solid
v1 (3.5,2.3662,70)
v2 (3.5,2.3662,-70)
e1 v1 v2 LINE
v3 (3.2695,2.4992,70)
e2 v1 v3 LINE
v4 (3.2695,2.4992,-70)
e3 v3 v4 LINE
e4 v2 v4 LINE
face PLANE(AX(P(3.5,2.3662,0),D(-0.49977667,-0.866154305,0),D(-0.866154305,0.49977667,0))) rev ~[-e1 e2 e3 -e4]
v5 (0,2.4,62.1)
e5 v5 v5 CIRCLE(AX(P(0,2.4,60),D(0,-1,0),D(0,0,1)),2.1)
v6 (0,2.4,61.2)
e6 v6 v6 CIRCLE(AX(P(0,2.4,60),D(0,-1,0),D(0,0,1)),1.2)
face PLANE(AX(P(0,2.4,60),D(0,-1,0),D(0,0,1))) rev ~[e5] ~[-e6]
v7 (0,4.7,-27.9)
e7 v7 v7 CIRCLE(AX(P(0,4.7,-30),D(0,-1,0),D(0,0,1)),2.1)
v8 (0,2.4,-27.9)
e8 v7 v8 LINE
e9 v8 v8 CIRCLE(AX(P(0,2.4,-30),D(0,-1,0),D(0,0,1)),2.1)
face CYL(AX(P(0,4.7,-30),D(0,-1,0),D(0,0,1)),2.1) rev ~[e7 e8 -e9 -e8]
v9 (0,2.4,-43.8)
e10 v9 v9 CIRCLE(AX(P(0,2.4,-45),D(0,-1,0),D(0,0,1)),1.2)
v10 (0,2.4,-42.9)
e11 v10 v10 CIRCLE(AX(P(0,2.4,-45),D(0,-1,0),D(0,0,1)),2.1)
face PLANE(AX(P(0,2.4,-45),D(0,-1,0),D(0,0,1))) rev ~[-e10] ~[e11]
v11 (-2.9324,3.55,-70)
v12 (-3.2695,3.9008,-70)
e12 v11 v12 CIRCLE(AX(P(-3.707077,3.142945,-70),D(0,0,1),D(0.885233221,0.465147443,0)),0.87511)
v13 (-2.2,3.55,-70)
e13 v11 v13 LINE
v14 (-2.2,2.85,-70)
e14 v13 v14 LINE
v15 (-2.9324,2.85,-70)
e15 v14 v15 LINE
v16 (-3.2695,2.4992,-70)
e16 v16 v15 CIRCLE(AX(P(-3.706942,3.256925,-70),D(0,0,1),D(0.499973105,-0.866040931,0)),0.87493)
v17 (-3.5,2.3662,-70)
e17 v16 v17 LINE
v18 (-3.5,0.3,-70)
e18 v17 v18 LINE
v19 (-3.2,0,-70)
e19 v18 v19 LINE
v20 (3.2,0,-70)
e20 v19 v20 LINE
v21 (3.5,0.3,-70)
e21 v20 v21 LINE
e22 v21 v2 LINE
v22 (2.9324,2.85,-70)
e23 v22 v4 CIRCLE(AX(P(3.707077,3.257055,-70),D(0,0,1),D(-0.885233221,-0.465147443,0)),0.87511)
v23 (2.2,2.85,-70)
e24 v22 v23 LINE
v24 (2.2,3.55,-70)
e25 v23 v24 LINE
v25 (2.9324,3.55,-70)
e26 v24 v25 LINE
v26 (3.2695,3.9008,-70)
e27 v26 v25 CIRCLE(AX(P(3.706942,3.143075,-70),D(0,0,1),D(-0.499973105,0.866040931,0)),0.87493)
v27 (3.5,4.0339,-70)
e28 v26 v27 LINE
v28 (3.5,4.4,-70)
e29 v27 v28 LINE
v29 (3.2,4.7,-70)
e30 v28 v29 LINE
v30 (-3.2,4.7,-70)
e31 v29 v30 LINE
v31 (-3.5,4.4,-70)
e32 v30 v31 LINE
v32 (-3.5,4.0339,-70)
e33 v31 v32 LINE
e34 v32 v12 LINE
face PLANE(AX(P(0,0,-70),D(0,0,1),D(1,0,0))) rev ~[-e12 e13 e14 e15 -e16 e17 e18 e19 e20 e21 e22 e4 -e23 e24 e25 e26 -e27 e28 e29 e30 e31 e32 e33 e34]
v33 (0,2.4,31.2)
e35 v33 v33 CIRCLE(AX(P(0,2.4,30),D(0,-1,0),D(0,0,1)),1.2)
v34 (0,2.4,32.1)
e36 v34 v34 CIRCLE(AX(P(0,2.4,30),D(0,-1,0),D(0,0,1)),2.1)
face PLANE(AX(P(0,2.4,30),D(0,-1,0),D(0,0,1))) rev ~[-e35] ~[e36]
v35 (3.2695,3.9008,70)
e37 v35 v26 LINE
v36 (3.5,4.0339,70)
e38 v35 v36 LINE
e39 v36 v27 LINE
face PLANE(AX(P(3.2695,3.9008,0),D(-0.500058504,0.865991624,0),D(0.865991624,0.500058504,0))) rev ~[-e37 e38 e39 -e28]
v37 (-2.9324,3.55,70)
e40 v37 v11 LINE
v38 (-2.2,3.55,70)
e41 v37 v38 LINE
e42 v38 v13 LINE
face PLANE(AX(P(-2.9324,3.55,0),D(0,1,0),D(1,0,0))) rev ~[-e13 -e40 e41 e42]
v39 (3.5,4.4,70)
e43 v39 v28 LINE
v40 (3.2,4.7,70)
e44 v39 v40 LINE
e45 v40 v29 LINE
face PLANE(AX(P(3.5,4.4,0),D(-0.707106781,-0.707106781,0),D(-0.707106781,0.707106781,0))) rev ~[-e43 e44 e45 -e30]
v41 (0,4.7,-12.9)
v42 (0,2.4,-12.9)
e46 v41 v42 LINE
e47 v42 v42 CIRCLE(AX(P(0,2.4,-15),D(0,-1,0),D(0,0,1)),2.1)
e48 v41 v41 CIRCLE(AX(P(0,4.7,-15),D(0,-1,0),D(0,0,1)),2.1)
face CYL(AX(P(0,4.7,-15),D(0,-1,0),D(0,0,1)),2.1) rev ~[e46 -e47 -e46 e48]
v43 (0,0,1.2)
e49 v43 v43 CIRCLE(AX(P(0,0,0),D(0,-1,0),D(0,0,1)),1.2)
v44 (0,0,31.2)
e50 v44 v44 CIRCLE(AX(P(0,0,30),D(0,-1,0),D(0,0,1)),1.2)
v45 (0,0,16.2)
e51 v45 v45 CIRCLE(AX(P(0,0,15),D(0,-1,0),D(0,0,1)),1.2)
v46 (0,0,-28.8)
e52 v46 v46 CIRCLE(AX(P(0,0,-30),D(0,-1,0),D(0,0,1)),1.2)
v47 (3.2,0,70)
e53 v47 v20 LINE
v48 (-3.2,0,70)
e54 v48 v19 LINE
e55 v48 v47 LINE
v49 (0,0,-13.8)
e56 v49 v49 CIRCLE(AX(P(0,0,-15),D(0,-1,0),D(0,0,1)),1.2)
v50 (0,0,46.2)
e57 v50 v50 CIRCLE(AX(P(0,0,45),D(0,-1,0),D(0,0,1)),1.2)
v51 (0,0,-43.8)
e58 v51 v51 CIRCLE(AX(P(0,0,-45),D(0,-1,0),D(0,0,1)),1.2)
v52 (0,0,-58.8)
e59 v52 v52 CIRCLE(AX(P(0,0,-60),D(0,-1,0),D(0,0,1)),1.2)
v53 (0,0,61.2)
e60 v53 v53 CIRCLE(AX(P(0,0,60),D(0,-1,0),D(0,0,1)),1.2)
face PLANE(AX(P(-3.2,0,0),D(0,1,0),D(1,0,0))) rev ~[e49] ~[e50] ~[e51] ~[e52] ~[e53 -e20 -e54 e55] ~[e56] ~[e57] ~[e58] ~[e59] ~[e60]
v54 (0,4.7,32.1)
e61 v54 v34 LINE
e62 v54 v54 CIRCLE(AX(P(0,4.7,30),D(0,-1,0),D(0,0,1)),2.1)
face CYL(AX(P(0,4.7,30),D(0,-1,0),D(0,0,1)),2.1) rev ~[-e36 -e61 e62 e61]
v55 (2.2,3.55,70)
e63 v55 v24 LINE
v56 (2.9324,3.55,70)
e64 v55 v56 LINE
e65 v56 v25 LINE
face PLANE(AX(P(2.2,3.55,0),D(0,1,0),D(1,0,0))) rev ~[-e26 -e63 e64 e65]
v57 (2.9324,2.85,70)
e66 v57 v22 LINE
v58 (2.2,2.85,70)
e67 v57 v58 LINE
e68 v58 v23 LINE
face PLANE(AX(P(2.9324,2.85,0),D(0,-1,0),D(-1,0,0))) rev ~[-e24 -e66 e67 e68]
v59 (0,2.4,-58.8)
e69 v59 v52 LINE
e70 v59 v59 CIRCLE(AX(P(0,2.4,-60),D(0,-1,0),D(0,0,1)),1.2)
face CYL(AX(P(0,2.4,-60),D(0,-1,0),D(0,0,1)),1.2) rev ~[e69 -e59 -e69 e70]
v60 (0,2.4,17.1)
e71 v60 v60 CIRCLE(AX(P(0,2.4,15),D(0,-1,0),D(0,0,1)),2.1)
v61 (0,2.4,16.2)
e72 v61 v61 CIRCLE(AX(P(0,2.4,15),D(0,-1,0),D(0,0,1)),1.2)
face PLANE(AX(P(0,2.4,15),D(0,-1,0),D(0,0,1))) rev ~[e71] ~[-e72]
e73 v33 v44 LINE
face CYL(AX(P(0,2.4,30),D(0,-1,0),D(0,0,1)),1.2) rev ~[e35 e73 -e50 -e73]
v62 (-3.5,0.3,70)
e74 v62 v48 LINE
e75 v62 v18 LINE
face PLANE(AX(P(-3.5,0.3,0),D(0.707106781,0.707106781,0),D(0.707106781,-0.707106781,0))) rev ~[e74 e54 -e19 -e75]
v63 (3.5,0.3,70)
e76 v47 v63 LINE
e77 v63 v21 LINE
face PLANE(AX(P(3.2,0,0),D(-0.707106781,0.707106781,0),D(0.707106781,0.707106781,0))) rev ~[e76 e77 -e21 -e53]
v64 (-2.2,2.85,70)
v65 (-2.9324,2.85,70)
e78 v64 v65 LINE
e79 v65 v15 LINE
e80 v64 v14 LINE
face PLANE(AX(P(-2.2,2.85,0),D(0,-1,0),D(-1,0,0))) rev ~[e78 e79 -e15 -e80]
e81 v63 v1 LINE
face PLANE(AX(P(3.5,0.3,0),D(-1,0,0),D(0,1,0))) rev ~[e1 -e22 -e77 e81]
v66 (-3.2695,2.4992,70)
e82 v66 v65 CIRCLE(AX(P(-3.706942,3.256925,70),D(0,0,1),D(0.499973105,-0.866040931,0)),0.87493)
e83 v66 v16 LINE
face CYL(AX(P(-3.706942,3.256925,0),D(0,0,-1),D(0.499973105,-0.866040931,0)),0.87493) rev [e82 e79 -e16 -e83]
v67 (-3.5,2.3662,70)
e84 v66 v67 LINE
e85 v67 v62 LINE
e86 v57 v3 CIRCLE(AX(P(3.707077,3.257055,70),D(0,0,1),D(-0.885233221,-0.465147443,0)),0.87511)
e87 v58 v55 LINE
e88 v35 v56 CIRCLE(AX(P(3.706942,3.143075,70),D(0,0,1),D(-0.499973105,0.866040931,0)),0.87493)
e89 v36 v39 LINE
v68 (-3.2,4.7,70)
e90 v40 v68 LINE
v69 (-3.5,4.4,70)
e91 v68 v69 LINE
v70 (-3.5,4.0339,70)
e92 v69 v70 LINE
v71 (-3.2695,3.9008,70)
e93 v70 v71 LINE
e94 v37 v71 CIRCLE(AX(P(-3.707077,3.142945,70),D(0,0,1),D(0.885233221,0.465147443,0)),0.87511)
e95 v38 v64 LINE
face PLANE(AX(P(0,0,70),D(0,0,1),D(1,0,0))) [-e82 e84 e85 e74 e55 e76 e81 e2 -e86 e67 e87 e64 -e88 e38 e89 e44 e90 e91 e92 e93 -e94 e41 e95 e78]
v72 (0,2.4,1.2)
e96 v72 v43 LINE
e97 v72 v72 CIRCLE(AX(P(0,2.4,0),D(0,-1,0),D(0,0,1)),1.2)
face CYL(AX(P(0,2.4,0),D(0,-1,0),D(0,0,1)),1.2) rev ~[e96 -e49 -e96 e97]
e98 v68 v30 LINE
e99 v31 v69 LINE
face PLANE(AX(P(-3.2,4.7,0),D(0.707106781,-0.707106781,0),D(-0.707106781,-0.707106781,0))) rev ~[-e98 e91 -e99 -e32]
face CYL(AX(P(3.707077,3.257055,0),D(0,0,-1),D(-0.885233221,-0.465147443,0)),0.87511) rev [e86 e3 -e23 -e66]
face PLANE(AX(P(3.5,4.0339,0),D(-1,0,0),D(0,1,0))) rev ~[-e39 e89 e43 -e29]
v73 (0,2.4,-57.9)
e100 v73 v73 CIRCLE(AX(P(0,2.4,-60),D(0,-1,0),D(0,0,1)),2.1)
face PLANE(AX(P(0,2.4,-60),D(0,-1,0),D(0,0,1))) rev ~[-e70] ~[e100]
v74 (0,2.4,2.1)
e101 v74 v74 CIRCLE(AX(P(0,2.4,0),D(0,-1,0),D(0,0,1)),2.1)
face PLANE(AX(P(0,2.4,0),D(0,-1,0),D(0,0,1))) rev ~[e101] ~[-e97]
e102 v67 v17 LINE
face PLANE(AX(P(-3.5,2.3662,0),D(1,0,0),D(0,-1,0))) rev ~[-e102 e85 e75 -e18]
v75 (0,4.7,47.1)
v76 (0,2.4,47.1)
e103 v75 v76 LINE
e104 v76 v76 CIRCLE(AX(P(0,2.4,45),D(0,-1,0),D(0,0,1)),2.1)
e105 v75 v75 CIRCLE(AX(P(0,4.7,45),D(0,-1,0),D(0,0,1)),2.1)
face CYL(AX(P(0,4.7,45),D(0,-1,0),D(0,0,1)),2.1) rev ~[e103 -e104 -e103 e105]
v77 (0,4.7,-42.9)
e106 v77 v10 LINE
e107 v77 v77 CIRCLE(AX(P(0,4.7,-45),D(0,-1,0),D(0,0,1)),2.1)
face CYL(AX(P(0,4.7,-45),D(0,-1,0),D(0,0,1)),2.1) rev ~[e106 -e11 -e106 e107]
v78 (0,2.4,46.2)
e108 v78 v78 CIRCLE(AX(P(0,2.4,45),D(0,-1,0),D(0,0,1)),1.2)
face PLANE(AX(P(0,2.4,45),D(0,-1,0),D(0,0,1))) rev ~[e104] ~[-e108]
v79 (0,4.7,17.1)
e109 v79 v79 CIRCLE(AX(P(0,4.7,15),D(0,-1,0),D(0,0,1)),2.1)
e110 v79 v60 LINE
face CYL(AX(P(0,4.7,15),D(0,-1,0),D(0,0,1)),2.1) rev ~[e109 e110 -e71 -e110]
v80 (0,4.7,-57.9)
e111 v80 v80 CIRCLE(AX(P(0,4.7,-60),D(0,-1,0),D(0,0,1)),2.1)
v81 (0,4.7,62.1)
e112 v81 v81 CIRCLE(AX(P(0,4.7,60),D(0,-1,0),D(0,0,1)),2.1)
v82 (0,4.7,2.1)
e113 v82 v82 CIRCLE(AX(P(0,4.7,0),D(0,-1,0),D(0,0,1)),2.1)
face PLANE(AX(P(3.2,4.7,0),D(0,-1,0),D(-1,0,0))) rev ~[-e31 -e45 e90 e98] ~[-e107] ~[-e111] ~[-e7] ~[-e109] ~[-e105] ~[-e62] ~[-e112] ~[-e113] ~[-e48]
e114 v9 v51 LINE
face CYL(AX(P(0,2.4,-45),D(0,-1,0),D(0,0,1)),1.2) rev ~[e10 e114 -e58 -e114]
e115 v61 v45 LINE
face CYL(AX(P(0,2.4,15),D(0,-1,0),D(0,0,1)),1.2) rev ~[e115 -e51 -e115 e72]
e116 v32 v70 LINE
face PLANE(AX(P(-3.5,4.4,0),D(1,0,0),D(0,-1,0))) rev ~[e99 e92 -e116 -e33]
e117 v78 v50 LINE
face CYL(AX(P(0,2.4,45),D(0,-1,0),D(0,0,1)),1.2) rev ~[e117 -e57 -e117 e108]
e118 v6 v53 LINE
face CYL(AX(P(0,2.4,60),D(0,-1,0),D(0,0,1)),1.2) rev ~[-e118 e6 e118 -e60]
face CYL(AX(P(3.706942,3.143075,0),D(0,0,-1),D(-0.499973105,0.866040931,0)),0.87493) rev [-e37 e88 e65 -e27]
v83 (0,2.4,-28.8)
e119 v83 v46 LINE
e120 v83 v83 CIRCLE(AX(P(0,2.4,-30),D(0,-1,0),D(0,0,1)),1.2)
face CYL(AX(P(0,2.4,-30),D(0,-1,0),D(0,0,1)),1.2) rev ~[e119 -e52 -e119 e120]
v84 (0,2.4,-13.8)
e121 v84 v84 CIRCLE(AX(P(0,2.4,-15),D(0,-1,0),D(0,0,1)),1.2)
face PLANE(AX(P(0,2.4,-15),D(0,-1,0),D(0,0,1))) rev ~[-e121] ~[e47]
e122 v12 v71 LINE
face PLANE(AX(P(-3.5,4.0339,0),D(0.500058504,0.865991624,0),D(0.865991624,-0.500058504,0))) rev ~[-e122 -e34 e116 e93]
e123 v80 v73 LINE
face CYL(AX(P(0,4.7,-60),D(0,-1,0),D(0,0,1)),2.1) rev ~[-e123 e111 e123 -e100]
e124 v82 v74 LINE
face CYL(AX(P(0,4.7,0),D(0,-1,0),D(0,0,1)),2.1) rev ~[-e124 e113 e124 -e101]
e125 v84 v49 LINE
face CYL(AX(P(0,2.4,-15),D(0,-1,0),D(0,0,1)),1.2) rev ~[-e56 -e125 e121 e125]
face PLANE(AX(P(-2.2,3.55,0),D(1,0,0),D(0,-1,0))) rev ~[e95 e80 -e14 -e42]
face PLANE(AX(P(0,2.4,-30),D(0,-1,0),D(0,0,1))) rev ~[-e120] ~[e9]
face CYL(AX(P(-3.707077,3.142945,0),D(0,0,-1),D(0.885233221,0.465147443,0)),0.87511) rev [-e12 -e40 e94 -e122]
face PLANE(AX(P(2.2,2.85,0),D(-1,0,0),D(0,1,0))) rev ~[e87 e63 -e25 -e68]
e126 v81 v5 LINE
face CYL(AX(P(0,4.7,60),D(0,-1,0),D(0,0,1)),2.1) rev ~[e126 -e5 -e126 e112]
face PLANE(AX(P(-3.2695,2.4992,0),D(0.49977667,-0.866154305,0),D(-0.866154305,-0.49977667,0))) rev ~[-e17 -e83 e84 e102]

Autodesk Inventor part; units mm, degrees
sketch "Sketch_12" plane through (0, 0, 0) normal (0, 0, 1) x (1, 0, 0)
  line L0 (-3.5, 4.4) -> (-3.5, 4.0339)
  line L1 (-3.5, 4.0339) -> (-3.2695, 3.9008)
  arc A0 (-2.9324, 3.55) -> (-3.2695, 3.9008) centre (-3.707, 3.143) ccw
  line L2 (-2.9324, 3.55) -> (-2.2, 3.55)
  line L3 (-2.2, 3.55) -> (-2.2, 2.85)
  line L4 (-2.2, 2.85) -> (-2.9324, 2.85)
  arc A1 (-3.2695, 2.4992) -> (-2.9324, 2.85) centre (-3.707, 3.257) ccw
  line L5 (-3.2695, 2.4992) -> (-3.5, 2.3662)
  line L6 (-3.5, 2.3662) -> (-3.5, 0.3)
  line L7 (-3.5, 0.3) -> (-3.2, 0)
  line L8 (-3.2, 0) -> (3.2, 0)
  line L9 (3.2, 0) -> (3.5, 0.3)
  line L10 (3.5, 0.3) -> (3.5, 2.3662)
  line L11 (3.5, 2.3662) -> (3.2695, 2.4992)
  arc A2 (2.9324, 2.85) -> (3.2695, 2.4992) centre (3.707, 3.257) ccw
  line L12 (2.9324, 2.85) -> (2.2, 2.85)
  line L13 (2.2, 2.85) -> (2.2, 3.55)
  line L14 (2.2, 3.55) -> (2.9324, 3.55)
  arc A3 (3.2695, 3.9008) -> (2.9324, 3.55) centre (3.707, 3.143) ccw
  line L15 (3.2695, 3.9008) -> (3.5, 4.0339)
  line L16 (3.5, 4.0339) -> (3.5, 4.4)
  line L17 (3.5, 4.4) -> (3.2, 4.7)
  line L18 (3.2, 4.7) -> (-3.2, 4.7)
  line L19 (-3.2, 4.7) -> (-3.5, 4.4)
extrude "Extrusion1" add sketch "Sketch_12" along normal mid plane 140
sketch "Sketch2" plane through (-3.2, 4.7, 70) normal (0, 1, 0) x (1, 0, 0)
  point P0 (3.2, 130)
hole "Hole1" at (0, 4.7, -60) direction (0, -1, 0) diameter 2.4 depth 4.7 counterbore diameter 4.2 counterbore depth 2.3
pattern_linear "Rectangular Pattern1" count 9 spacing 15 along (0, 0, 1) of "Hole1"
ref_plane "to_block_XY" through (0, 4.7, 35) normal (0, 0, -1) x (1, 0, 0)
ref_plane "to_block_YZ" through (0, 4.7, 35) normal (1, 0, 0) x (0, -1, 0)
ref_plane "to_block_ZX" through (0, 4.7, 35) normal (0, -1, 0) x (0, 0, -1)
ref_plane "to_block_2_XY" through (0, 4.7, -35) normal (0, 0, -1) x (1, 0, 0)
ref_plane "to_block_2_YZ" through (0, 4.7, -35) normal (1, 0, 0) x (0, -1, 0)
ref_plane "to_block_2_ZX" through (0, 4.7, -35) normal (0, -1, 0) x (0, 0, -1)
ref_plane "to_bolt_1_XY" through (0, 2.4, 60) normal (0, 1, 0) x (1, 0, 0)
ref_plane "to_bolt_1_YZ" through (0, 2.4, 60) normal (1, 0, 0) x (0, 0, -1)
ref_plane "to_bolt_1_ZX" through (0, 2.4, 60) normal (0, 0, -1) x (0, 1, 0)
ref_plane "to_bolt_2_XY" through (0, 2.4, 45) normal (0, 1, 0) x (1, 0, 0)
ref_plane "to_bolt_2_YZ" through (0, 2.4, 45) normal (1, 0, 0) x (0, 0, -1)
ref_plane "to_bolt_2_ZX" through (0, 2.4, 45) normal (0, 0, -1) x (0, 1, 0)
ref_plane "to_bolt_3_XY" through (0, 2.4, 30) normal (0, 1, 0) x (1, 0, 0)
ref_plane "to_bolt_3_YZ" through (0, 2.4, 30) normal (1, 0, 0) x (0, 0, -1)
ref_plane "to_bolt_3_ZX" through (0, 2.4, 30) normal (0, 0, -1) x (0, 1, 0)
ref_plane "to_bolt_4_XY" through (0, 2.4, 15) normal (0, 1, 0) x (1, 0, 0)
ref_plane "to_bolt_4_YZ" through (0, 2.4, 15) normal (1, 0, 0) x (0, 0, -1)
ref_plane "to_bolt_4_ZX" through (0, 2.4, 15) normal (0, 0, -1) x (0, 1, 0)
ref_plane "to_bolt_5_XY" through (0, 2.4, 0) normal (0, 1, 0) x (1, 0, 0)
ref_plane "to_bolt_5_YZ" through (0, 2.4, 0) normal (1, 0, 0) x (0, 0, -1)
ref_plane "to_bolt_5_ZX" through (0, 2.4, 0) normal (0, 0, -1) x (0, 1, 0)
ref_plane "to_bolt_6_XY" through (0, 2.4, -15) normal (0, 1, 0) x (1, 0, 0)
ref_plane "to_bolt_6_YZ" through (0, 2.4, -15) normal (1, 0, 0) x (0, 0, -1)
ref_plane "to_bolt_6_ZX" through (0, 2.4, -15) normal (0, 0, -1) x (0, 1, 0)
ref_plane "to_bolt_7_XY" through (0, 2.4, -30) normal (0, 1, 0) x (1, 0, 0)
ref_plane "to_bolt_7_YZ" through (0, 2.4, -30) normal (1, 0, 0) x (0, 0, -1)
ref_plane "to_bolt_7_ZX" through (0, 2.4, -30) normal (0, 0, -1) x (0, 1, 0)
ref_plane "to_bolt_8_XY" through (0, 2.4, -45) normal (0, 1, 0) x (1, 0, 0)
ref_plane "to_bolt_8_YZ" through (0, 2.4, -45) normal (1, 0, 0) x (0, 0, -1)
ref_plane "to_bolt_8_ZX" through (0, 2.4, -45) normal (0, 0, -1) x (0, 1, 0)
ref_plane "to_bolt_9_XY" through (0, 2.4, -60) normal (0, 1, 0) x (1, 0, 0)
ref_plane "to_bolt_9_YZ" through (0, 2.4, -60) normal (1, 0, 0) x (0, 0, -1)
ref_plane "to_bolt_9_ZX" through (0, 2.4, -60) normal (0, 0, -1) x (0, 1, 0)
properties part number "SSE2BLZ8-140_r1" material "ステンレス鋼"
